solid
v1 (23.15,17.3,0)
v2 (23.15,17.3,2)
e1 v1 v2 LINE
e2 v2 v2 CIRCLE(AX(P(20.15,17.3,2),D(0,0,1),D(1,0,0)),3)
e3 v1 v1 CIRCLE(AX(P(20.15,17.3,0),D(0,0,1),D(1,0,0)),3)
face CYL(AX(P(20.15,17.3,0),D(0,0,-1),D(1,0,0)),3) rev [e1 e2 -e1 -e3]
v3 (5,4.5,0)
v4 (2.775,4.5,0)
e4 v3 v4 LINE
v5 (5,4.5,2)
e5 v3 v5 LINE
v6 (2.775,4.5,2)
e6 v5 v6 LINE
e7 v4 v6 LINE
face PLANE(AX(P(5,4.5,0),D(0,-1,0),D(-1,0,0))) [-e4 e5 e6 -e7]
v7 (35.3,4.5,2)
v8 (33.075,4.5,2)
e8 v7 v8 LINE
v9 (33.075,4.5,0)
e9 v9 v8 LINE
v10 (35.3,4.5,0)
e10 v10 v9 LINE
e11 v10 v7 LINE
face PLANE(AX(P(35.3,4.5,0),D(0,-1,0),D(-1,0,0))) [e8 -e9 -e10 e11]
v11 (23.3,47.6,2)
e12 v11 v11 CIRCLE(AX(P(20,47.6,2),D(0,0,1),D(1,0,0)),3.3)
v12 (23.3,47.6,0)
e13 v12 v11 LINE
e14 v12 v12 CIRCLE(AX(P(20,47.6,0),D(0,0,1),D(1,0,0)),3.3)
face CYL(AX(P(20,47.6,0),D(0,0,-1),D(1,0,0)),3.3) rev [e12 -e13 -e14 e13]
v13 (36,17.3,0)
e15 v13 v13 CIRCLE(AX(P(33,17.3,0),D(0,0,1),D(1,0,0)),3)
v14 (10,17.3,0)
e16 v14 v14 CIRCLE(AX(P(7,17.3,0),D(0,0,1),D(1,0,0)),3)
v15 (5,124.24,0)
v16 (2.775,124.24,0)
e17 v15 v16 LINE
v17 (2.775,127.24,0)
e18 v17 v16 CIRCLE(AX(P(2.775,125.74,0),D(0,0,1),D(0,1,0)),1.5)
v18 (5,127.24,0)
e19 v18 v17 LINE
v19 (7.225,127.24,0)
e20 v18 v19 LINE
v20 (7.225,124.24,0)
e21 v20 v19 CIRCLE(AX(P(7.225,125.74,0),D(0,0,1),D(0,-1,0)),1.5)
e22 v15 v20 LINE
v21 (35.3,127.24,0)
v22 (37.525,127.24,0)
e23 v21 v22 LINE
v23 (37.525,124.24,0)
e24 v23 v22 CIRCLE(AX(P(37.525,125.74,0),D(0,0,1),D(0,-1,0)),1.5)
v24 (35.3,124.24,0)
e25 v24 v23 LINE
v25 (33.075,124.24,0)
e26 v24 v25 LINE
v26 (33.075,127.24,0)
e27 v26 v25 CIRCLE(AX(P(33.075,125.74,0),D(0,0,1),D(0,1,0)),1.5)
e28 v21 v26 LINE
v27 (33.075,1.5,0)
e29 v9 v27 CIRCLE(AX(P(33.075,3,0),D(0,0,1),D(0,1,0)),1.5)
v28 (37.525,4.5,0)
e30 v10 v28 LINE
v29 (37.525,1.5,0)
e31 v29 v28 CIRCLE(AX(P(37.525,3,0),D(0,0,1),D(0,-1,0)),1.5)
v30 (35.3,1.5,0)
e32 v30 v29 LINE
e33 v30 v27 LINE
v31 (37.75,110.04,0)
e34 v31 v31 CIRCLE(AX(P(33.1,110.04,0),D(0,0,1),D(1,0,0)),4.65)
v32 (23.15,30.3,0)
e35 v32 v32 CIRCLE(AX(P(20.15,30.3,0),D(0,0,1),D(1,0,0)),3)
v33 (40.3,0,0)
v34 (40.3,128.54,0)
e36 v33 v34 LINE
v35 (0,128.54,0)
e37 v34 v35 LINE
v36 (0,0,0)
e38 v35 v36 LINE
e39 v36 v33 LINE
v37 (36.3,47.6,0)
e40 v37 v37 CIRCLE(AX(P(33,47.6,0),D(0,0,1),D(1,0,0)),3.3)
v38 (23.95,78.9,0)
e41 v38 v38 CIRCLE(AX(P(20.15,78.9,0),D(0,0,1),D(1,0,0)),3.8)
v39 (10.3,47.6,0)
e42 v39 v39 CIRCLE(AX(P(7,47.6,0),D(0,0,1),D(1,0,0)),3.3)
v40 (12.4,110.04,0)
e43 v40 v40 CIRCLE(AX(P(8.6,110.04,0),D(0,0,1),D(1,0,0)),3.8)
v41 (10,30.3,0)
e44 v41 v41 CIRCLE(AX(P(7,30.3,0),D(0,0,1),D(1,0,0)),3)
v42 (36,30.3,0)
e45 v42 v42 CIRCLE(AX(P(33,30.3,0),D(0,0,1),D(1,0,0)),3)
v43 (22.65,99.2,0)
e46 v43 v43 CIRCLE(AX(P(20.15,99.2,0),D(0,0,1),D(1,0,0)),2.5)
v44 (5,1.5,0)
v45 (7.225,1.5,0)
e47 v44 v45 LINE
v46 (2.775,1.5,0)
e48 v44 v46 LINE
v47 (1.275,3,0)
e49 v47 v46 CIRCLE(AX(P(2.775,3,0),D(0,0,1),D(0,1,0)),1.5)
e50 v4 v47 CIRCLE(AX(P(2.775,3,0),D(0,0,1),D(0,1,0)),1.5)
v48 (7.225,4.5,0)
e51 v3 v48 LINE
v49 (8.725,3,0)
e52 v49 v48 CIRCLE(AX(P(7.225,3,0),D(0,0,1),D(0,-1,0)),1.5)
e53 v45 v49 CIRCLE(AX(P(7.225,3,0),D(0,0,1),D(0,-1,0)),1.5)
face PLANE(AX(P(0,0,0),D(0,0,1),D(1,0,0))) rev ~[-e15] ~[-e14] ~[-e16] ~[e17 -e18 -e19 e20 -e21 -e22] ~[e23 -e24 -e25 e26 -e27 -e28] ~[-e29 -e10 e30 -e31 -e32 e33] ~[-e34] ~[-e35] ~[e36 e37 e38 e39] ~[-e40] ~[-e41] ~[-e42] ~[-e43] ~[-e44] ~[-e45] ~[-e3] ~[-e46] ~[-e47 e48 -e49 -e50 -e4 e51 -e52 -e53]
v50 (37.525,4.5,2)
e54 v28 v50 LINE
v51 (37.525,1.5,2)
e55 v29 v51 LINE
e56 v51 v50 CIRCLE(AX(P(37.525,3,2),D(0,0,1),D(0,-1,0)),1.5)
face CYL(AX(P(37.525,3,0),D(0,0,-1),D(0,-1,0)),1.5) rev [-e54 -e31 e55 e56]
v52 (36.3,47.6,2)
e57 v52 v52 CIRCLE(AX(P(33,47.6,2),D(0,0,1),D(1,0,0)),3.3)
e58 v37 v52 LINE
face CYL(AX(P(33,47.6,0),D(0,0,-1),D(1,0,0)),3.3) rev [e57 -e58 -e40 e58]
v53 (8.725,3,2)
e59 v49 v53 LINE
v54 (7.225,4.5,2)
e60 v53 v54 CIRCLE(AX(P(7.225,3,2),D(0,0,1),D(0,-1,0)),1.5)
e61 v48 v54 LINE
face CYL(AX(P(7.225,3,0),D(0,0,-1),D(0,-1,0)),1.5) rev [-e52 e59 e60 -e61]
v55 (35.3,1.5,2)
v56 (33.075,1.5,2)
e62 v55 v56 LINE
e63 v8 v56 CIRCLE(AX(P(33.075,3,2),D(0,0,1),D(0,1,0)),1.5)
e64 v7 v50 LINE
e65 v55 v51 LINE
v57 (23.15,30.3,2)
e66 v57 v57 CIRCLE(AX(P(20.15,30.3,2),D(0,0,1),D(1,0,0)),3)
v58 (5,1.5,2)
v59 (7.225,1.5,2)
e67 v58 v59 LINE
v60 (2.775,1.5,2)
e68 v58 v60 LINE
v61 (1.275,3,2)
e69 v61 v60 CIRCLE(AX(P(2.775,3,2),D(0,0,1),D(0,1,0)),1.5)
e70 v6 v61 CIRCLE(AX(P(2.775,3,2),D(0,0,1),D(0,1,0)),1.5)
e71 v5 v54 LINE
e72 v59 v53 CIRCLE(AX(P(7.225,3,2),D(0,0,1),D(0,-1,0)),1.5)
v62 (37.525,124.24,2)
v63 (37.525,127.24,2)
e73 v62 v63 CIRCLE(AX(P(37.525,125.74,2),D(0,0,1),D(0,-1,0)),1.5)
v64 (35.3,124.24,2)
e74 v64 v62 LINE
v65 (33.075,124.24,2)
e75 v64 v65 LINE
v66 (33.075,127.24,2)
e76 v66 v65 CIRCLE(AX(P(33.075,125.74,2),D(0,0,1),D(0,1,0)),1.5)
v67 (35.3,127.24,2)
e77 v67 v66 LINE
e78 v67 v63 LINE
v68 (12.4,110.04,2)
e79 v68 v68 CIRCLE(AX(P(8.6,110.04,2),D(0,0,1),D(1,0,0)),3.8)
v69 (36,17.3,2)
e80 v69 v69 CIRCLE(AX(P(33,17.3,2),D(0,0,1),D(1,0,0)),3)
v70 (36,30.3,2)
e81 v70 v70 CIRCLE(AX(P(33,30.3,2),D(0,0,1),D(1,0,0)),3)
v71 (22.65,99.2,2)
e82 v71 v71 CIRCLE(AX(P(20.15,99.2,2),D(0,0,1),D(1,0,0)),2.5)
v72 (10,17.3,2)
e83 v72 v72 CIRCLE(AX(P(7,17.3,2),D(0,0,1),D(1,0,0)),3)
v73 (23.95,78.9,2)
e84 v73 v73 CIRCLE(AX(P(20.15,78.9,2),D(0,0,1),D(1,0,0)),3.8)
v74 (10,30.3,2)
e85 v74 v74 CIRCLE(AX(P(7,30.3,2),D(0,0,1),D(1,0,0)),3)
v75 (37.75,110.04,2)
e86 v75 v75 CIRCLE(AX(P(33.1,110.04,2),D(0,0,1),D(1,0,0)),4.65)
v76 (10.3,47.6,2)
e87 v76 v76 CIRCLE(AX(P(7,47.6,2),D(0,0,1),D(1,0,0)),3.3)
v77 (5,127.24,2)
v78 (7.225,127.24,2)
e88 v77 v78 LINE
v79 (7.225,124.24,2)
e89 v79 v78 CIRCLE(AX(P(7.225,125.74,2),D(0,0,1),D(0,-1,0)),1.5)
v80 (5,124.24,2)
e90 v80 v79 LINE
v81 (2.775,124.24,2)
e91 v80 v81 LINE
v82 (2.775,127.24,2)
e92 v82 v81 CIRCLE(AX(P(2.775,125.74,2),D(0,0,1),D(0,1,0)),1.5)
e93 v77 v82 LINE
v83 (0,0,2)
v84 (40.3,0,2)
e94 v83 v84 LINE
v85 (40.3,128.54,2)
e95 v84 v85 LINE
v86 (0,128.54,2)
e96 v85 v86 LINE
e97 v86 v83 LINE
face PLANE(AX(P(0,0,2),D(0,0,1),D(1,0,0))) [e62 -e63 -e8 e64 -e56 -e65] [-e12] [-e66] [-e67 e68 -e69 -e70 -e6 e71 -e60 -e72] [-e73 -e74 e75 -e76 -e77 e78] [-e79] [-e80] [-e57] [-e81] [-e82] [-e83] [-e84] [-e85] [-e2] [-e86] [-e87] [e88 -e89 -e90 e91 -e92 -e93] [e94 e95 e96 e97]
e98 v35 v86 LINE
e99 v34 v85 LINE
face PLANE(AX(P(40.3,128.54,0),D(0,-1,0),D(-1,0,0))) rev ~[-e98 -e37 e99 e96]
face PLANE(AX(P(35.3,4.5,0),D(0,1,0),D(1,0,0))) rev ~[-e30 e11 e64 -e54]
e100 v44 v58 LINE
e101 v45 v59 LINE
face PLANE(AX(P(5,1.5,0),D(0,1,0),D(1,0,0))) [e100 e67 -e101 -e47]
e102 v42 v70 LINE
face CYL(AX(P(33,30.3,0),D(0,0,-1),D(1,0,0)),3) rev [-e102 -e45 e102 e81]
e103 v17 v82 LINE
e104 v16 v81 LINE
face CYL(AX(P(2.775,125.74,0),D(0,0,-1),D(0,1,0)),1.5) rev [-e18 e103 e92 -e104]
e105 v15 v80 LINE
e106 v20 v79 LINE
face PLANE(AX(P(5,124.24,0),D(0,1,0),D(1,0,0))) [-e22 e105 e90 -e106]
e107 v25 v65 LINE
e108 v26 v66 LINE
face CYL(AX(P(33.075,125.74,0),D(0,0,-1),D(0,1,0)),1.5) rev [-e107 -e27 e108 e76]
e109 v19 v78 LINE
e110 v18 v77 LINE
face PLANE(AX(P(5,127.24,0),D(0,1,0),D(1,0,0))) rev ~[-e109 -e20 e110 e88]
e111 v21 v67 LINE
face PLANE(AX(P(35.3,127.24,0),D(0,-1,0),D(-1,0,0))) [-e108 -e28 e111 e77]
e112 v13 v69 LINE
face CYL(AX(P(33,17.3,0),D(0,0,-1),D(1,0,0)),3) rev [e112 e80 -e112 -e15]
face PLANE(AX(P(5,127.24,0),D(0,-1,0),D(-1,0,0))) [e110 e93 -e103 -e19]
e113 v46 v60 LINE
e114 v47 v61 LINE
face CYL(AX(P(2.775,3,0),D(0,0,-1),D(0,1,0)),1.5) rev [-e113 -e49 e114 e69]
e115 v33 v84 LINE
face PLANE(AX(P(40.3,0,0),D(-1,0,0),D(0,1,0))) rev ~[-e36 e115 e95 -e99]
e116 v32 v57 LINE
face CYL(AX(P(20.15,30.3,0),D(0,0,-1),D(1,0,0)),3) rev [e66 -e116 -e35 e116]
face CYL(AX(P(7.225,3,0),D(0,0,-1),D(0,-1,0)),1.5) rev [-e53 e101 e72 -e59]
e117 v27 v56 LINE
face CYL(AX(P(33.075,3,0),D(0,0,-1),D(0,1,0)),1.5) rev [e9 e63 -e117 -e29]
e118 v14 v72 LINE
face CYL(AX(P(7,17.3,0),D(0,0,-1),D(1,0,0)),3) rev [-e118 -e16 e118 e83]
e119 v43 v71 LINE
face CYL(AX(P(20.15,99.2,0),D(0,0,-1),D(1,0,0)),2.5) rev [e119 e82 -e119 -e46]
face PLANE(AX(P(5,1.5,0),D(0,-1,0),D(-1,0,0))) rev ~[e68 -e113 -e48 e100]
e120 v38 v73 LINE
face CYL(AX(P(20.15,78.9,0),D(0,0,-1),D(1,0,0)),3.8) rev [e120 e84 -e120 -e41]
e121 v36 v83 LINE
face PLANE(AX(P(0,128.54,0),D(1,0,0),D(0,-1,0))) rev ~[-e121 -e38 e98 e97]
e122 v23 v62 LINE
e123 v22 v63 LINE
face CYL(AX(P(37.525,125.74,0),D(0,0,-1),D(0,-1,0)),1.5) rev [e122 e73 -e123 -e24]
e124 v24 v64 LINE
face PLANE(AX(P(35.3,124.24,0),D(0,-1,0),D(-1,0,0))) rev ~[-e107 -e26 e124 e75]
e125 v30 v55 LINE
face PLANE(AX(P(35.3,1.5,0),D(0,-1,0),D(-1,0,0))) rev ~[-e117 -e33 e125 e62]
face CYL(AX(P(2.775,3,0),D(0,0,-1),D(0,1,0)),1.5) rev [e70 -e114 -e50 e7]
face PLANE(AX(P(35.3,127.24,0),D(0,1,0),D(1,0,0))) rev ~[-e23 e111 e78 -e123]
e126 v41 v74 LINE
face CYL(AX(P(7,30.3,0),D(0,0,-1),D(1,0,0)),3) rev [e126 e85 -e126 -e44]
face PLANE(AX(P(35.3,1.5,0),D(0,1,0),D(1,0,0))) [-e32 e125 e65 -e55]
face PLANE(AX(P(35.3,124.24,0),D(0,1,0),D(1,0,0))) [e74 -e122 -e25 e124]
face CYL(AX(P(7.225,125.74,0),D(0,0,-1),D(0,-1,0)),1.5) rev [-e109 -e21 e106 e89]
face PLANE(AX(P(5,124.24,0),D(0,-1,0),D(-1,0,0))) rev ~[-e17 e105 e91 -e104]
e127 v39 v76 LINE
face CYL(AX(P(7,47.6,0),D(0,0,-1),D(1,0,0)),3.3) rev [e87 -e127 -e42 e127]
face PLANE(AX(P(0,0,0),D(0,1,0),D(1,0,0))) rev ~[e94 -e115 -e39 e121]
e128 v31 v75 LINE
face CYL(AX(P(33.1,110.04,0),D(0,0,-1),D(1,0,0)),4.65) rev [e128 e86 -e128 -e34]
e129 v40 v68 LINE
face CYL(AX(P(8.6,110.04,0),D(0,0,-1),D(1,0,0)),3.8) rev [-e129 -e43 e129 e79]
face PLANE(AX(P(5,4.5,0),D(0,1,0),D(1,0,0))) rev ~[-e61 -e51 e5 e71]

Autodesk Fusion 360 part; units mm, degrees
sketch "Sketch1" plane through (0, 0, 0) normal (0, 0, 1) x (1, 0, 0)
  line L0 (0, 0) -> (40.3, 0)
  line L1 (40.3, 0) -> (40.3, 128.54)
  line L2 (40.3, 128.54) -> (0, 128.54)
  line L3 (0, 128.54) -> (0, 0)
  line L4 (0, 0) -> (0, 3) construction
  line L5 (0, 3) -> (40.3, 3) construction
  line L6 (0, 0) -> (0, 17.3) construction
  line L7 (0, 17.3) -> (40.3, 17.3) construction
  line L8 (0, 17.3) -> (0, 30.3) construction
  line L9 (0, 30.3) -> (0, 47.6) construction
  line L10 (0, 47.6) -> (40.3, 47.6) construction
  line L11 (0, 30.3) -> (40.3, 30.3) construction
  line L12 (0, 47.6) -> (0, 78.9) construction
  line L13 (0, 78.9) -> (40.3, 78.9) construction
  line L14 (0, 78.9) -> (0, 99.2) construction
  line L15 (0, 99.2) -> (40.3, 99.2) construction
  line L16 (0, 128.54) -> (0, 110.04) construction
  line L17 (0, 110.04) -> (40.3, 110.04) construction
  line L18 (0, 0) -> (7, 0) construction
  line L19 (7, 0) -> (7, 47.6) construction
  line L20 (7, 0) -> (20, 0) construction
  line L21 (20, 0) -> (20, 47.6) construction
  line L22 (20, 0) -> (33, 0) construction
  line L23 (33, 0) -> (33, 47.6) construction
  circle A0 centre (7, 30.3) radius 3
  circle A1 centre (7, 17.3) radius 3
  circle A2 centre (20.15, 30.3) radius 3
  circle A3 centre (20.15, 17.3) radius 3
  circle A4 centre (33, 30.3) radius 3
  circle A5 centre (33, 17.3) radius 3
  circle A6 centre (7, 47.6) radius 3.3
  circle A7 centre (20, 47.6) radius 3.3
  circle A8 centre (33, 47.6) radius 3.3
  line L24 (0, 78.9) -> (20.15, 78.9) construction
  circle A9 centre (20.15, 78.9) radius 3.8
  line L25 (0, 99.2) -> (20.15, 99.2) construction
  circle A10 centre (20.15, 99.2) radius 2.5
  line L26 (0, 110.04) -> (0.6568, 110.04) construction
  line L27 (0, 110.04) -> (8.6, 110.04) construction
  line L28 (8.6, 110.04) -> (33.1, 110.04) construction
  circle A11 centre (8.6, 110.04) radius 3.8
  circle A12 centre (33.1, 110.04) radius 4.65
  line L29 (0, 3) -> (5, 3) construction
  line L30 (5, 3) -> (5, 4.5) construction
  line L31 (5, 3) -> (5, 1.5) construction
  line L32 (5, 1.5) -> (7.225, 1.5)
  line L33 (5, 1.5) -> (2.775, 1.5)
  line L34 (5, 4.5) -> (7.225, 4.5)
  line L35 (5, 4.5) -> (2.775, 4.5)
  line L36 (2.775, 3) -> (1.275, 3)
  arc A13 (2.775, 4.5) -> (2.775, 1.5) centre (2.775, 3) ccw
  line L37 (7.225, 3) -> (8.725, 3)
  arc A14 (7.225, 1.5) -> (7.225, 4.5) centre (7.225, 3) ccw
  arc A15 (2.775, 4.5) -> (2.775, 1.5) centre (2.775, 3) ccw
  line L38 (5, 4.5) -> (2.775, 4.5)
  line L39 (5, 4.5) -> (7.225, 4.5)
  arc A16 (7.225, 1.5) -> (7.225, 4.5) centre (7.225, 3) ccw
  line L40 (5, 1.5) -> (7.225, 1.5)
  line L41 (5, 1.5) -> (2.775, 1.5)
  line L42 (40.3, 0) -> (35.3, 0) construction
  line L43 (35.3, 0) -> (35.3, 3) construction
  arc A17 (33.075, 4.5) -> (33.075, 1.5) centre (33.075, 3) ccw
  line L44 (35.3, 4.5) -> (33.075, 4.5)
  line L45 (35.3, 4.5) -> (37.525, 4.5)
  line L46 (35.3, 1.5) -> (33.075, 1.5)
  line L47 (35.3, 1.5) -> (37.525, 1.5)
  arc A18 (37.525, 1.5) -> (37.525, 4.5) centre (37.525, 3) ccw
  line L48 (0, 128.54) -> (0, 125.74) construction
  line L49 (0, 125.74) -> (40.3, 125.74) construction
  line L50 (0, 125.74) -> (5, 125.74) construction
  line L51 (40.3, 125.74) -> (35.3, 125.74) construction
  arc A19 (2.775, 127.24) -> (2.775, 124.24) centre (2.775, 125.74) ccw
  line L52 (5, 127.24) -> (2.775, 127.24)
  line L53 (5, 127.24) -> (7.225, 127.24)
  line L54 (5, 124.24) -> (2.775, 124.24)
  line L55 (5, 124.24) -> (7.225, 124.24)
  arc A20 (7.225, 124.24) -> (7.225, 127.24) centre (7.225, 125.74) ccw
  arc A21 (33.075, 127.24) -> (33.075, 124.24) centre (33.075, 125.74) ccw
  line L56 (35.3, 127.24) -> (33.075, 127.24)
  line L57 (35.3, 127.24) -> (37.525, 127.24)
  line L58 (35.3, 124.24) -> (33.075, 124.24)
  line L59 (35.3, 124.24) -> (37.525, 124.24)
  arc A22 (37.525, 124.24) -> (37.525, 127.24) centre (37.525, 125.74) ccw
  dimension "d1" = 40.3
  dimension "d2" = 128.54
  dimension "d3" = 3
  dimension "d5" = 17.3
  dimension "d6" = 13
  dimension "d7" = 17.3
  dimension "d8" = 31.3
  dimension "d9" = 20.3
  dimension "d10" = 18.5
  dimension "d11" = 7
  dimension "d12" = 13
  dimension "d13" = 13
  dimension "d14" = 6
  dimension "d15" = 6
  dimension "d16" = 6
  dimension "d17" = 6
  dimension "d18" = 6
  dimension "d19" = 6
  dimension "d20" = 6.6
  dimension "d21" = 6.6
  dimension "d22" = 6.6
  dimension "d23" = 7.6
  dimension "d24" = 5
  dimension "d25" = 8.6
  dimension "d26" = 24.5
  dimension "d27" = 7.6
  dimension "d28" = 9.3
  dimension "d29" = 5
  dimension "d30" = 1.5
  dimension "d31" = 1.5
  dimension "d32" = 2.225
  dimension "d33" = 2.225
  dimension "d35" = 2.225
  dimension "d36" = 2.225
  dimension "d37" = 1.5
  dimension "d38" = 1.5
  dimension "d39" = 2.225
  dimension "d40" = 2.225
  dimension "d41" = 2.225
  dimension "d42" = 2.225
  dimension "d43" = 5
  dimension "d44" = 2.225
  dimension "d45" = 2.225
  dimension "d46" = 2.225
  dimension "d47" = 2.225
  dimension "d48" = 2.225
  dimension "d49" = 2.8
  dimension "d50" = 5
  dimension "d51" = 5
  dimension "d52" = 2.225
  dimension "d53" = 2.225
  dimension "d54" = 2.225
  dimension "d56" = 2.225
  dimension "d57" = 2.225
  dimension "d58" = 2.225
  dimension "d59" = 2.225
  dimension "d61" = 2.225
extrude "Extrude1" add sketch "Sketch1" along normal blind 2
equation "d32 = ( 4.45 / 2 ) * 1 mm"
equation "d33 = ( 4.45 / 2 ) * 1 mm"
equation "d35 = ( 4.45 / 2 ) * 1 mm"
equation "d36 = ( 4.45 / 2 ) * 1 mm"
equation "d39 = ( 4.45 / 2 ) * 1 mm"
equation "d40 = ( 4.45 / 2 ) * 1 mm"
equation "d41 = ( 4.45 / 2 ) * 1 mm"
equation "d42 = ( 4.45 / 2 ) * 1 mm"
equation "d44 = ( 4.45 / 2 ) * 1 mm"
equation "d45 = ( 4.45 / 2 ) * 1 mm"
equation "d46 = ( 4.45 / 2 ) * 1 mm"
equation "d47 = ( 4.45 / 2 ) * 1 mm"
equation "d48 = ( 4.45 / 2 ) * 1 mm"
equation "d52 = ( 4.45 / 2 ) * 1 mm"
equation "d53 = ( 4.45 / 2 ) * 1 mm"
equation "d54 = ( 4.45 / 2 ) * 1 mm"
equation "d56 = ( 4.45 / 2 ) * 1 mm"
equation "d57 = ( 4.45 / 2 ) * 1 mm"
equation "d58 = ( 4.45 / 2 ) * 1 mm"
equation "d59 = ( 4.45 / 2 ) * 1 mm"
equation "d61 = ( 4.45 / 2 ) * 1 mm"
